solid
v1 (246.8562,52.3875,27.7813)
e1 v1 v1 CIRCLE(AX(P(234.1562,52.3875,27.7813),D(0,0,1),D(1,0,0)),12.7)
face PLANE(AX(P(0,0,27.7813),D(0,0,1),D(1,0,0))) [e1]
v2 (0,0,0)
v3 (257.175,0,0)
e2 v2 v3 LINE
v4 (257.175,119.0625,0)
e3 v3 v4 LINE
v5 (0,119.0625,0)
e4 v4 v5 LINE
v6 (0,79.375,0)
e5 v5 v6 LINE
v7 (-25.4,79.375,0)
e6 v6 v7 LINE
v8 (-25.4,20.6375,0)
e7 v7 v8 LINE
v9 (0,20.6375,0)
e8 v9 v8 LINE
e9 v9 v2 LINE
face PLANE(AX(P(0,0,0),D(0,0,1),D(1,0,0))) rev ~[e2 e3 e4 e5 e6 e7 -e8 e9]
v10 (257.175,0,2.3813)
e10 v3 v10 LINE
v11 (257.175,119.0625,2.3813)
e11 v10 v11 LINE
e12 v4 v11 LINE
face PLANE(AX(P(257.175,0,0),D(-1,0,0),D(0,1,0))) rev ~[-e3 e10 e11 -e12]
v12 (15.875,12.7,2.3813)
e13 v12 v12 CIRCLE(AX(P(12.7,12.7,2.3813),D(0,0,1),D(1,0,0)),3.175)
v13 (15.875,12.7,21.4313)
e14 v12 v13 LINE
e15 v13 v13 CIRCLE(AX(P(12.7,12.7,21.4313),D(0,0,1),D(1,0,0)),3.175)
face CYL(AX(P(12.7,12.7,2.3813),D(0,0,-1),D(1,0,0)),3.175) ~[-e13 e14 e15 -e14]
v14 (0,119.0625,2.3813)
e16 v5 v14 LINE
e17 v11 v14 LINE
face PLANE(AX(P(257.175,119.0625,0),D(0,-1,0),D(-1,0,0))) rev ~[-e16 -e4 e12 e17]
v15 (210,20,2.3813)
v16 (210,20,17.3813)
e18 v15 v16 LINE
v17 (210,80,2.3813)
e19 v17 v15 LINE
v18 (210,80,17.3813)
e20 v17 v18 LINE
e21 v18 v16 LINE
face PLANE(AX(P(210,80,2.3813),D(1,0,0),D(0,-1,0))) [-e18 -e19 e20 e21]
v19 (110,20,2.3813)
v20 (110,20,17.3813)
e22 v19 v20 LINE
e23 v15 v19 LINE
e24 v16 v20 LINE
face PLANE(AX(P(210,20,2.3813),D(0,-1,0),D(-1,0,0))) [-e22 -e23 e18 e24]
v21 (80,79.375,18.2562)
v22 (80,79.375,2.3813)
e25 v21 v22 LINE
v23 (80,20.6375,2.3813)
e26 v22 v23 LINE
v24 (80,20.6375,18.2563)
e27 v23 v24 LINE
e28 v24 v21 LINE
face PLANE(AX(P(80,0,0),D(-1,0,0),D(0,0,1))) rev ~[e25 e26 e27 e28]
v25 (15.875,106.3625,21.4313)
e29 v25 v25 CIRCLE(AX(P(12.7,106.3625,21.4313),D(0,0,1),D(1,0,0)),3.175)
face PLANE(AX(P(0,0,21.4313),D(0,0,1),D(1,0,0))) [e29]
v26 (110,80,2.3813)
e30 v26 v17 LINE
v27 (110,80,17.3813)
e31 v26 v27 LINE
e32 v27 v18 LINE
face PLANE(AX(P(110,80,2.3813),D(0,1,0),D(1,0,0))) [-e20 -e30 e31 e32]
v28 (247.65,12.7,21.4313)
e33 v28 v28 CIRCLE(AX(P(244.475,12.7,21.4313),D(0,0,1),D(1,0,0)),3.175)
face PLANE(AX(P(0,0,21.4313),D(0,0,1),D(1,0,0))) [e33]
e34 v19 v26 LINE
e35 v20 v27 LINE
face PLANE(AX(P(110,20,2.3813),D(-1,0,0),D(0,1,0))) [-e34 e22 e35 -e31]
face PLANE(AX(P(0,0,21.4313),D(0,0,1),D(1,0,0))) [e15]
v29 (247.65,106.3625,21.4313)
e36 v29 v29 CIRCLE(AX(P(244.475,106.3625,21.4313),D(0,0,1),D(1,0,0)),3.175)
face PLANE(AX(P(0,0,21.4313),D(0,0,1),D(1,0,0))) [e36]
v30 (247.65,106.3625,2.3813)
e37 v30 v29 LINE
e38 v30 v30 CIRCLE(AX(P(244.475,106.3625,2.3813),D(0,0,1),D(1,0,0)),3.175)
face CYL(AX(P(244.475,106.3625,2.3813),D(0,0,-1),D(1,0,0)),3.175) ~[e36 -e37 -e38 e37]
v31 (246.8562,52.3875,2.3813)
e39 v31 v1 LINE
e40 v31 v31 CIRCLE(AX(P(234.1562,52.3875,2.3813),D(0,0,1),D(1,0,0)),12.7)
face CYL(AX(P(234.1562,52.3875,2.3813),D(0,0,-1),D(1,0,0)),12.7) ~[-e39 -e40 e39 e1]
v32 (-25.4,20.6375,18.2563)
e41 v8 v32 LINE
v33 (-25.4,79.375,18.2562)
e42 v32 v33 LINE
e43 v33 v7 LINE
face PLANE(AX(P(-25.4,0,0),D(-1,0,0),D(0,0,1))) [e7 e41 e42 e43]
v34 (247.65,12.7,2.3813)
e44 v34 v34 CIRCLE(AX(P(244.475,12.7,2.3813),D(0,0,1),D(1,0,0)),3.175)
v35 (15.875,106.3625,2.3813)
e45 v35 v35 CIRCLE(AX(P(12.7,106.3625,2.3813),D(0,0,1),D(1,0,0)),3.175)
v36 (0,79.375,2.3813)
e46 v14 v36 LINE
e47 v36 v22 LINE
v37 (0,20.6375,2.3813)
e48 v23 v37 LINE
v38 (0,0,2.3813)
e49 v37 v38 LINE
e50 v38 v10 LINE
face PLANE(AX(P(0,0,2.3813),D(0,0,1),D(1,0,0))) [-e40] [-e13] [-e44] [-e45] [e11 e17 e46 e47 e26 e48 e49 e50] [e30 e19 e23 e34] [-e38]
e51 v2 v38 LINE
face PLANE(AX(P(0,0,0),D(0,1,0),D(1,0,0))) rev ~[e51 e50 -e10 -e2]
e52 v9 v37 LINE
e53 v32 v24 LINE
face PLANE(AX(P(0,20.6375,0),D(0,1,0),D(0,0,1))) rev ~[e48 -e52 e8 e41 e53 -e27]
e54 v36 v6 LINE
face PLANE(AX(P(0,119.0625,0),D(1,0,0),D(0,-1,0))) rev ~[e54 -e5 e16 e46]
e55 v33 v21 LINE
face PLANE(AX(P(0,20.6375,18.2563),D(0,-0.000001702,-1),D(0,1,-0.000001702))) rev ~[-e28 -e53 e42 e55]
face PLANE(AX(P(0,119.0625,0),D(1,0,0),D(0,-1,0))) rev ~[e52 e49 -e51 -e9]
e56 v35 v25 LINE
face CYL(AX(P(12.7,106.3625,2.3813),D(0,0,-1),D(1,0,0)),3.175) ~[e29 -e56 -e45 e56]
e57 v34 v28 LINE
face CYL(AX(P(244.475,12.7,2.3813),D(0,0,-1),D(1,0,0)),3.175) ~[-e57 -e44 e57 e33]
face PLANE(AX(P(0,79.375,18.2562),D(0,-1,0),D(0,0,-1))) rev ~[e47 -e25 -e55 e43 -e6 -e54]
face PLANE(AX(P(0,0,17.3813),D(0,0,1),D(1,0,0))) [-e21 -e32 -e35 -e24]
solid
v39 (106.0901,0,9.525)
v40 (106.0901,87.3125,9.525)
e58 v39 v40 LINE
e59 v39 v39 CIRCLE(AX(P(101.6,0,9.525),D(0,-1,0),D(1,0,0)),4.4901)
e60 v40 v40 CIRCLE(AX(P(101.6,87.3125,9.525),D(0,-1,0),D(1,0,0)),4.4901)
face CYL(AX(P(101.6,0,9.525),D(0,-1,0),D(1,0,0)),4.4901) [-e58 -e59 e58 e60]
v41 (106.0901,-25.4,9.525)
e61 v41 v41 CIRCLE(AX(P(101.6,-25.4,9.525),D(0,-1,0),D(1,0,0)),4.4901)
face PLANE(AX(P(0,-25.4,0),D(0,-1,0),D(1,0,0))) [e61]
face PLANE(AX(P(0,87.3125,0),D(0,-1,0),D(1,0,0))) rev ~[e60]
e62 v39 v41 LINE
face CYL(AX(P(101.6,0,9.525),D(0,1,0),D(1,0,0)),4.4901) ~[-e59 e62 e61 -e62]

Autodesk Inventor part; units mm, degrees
ref_plane "YZ Plane" through (0, 0, 0) normal (1, 0, 0) x (0, 1, 0)
ref_plane "XZ Plane" through (0, 0, 0) normal (0, 1, 0) x (-1, 0, 0)
ref_plane "XY Plane" through (0, 0, 0) normal (0, 0, 1) x (1, 0, 0)
sketch "Sketch1" plane through (0, 0, 0) normal (0, 0, 1) x (1, 0, 0)
  line L0 (0, 0) -> (257.175, 0)
  line L1 (257.175, 0) -> (257.175, 119.0625)
  line L2 (257.175, 119.0625) -> (0, 119.0625)
  line L3 (0, 119.0625) -> (0, 0)
  dimension "d0" = 257.175
  dimension "d1" = 119.0625
extrude "Extrusion1" add sketch "Sketch1" along normal blind 2.3813
sketch "Sketch2" plane through (0, 0, 2.3813) normal (0, 0, 1) x (1, 0, 0)
  circle A0 centre (12.7, 106.3625) radius 3.175
  circle A1 centre (244.475, 106.3625) radius 3.175
  circle A2 centre (244.475, 12.7) radius 3.175
  circle A3 centre (12.7, 12.7) radius 3.175
  line L0 (0, 0) -> (257.175, 0) projected
  line L1 (0, 119.0625) -> (0, 0) projected
  line L2 (257.175, 119.0625) -> (0, 119.0625) projected
  line L3 (257.175, 0) -> (257.175, 119.0625) projected
  dimension "d4" = 6.35
  dimension "d5" = 6.35
  dimension "d6" = 6.35
  dimension "d7" = 6.35
  dimension "d8" = 12.7
  dimension "d9" = 12.7
  dimension "d10" = 12.7
  dimension "d11" = 12.7
  dimension "d12" = 12.7
  dimension "d13" = 12.7
  dimension "d14" = 12.7
  dimension "d15" = 12.7
extrude "Clearance Distance" add sketch "Sketch2" along normal blind 19.05 contours A0 | A1 | A2 | A3
sketch "Sketch3" plane through (0, 0, 0) normal (-1, 0, 0) x (0, 0, 1)
  line L0 (0, 119.0625) -> (0, 0) projected
  line L1 (0, 20.6375) -> (18.2563, 20.6375)
  line L2 (18.2563, 20.6375) -> (18.2562, 79.375)
  line L3 (18.2562, 79.375) -> (0, 79.375)
  line L4 (0, 79.375) -> (0, 20.6375)
  line L5 (0, 119.0625) -> (2.3813, 119.0625) projected
  point P0 (0, 79.375)
  dimension "d18" = 18.2563
  dimension "d19" = 39.6875
  dimension "d20" = 98.425
extrude "Extrusion3" add sketch "Sketch3" along normal blind 25.4 and the other way blind 80
sketch "Sketch4" plane through (0, 0, 2.3813) normal (0, 0, 1) x (1, 0, 0)
  circle A0 centre (234.1562, 52.3875) radius 12.7
  line L0 (257.175, 119.0625) -> (0, 119.0625) projected
  line L1 (257.175, 0) -> (257.175, 119.0625) projected
  point P0 (0, 0)
  dimension "d25" = 25.4
  dimension "d26" = 66.675
  dimension "d27" = 23.0188
extrude "Extrusion4" add sketch "Sketch4" along normal blind 25.4
sketch "Sketch6" plane through (0, 0, 0) normal (0, -1, 0) x (1, 0, 0)
  circle A0 centre (101.6, 9.525) radius 4.4901
  line L0 (0, 0) -> (0, 2.3813) projected
  dimension "d30" = 101.6
extrude "Extrusion5" add sketch "Sketch6" along normal blind 25.4 and the other way blind 87.3125
sketch "Sketch7" plane through (0, 0, 2.3813) normal (0, 0, 1) x (1, 0, 0)
  line L0 (110, 80) -> (210, 80)
  line L1 (210, 80) -> (210, 20)
  line L2 (210, 20) -> (110, 20)
  line L3 (110, 20) -> (110, 80)
  line L4 (0, 119.0625) -> (0, 79.375) projected
  line L5 (0, 20.6375) -> (0, 0) projected
  line L6 (0, 0) -> (257.175, 0) projected
  dimension "d35" = 110
  dimension "d36" = 210
  dimension "d37" = 20
  dimension "d38" = 80
extrude "Extrusion6" add sketch "Sketch7" along normal blind 15
properties part number "Circuit Board Mockup"
